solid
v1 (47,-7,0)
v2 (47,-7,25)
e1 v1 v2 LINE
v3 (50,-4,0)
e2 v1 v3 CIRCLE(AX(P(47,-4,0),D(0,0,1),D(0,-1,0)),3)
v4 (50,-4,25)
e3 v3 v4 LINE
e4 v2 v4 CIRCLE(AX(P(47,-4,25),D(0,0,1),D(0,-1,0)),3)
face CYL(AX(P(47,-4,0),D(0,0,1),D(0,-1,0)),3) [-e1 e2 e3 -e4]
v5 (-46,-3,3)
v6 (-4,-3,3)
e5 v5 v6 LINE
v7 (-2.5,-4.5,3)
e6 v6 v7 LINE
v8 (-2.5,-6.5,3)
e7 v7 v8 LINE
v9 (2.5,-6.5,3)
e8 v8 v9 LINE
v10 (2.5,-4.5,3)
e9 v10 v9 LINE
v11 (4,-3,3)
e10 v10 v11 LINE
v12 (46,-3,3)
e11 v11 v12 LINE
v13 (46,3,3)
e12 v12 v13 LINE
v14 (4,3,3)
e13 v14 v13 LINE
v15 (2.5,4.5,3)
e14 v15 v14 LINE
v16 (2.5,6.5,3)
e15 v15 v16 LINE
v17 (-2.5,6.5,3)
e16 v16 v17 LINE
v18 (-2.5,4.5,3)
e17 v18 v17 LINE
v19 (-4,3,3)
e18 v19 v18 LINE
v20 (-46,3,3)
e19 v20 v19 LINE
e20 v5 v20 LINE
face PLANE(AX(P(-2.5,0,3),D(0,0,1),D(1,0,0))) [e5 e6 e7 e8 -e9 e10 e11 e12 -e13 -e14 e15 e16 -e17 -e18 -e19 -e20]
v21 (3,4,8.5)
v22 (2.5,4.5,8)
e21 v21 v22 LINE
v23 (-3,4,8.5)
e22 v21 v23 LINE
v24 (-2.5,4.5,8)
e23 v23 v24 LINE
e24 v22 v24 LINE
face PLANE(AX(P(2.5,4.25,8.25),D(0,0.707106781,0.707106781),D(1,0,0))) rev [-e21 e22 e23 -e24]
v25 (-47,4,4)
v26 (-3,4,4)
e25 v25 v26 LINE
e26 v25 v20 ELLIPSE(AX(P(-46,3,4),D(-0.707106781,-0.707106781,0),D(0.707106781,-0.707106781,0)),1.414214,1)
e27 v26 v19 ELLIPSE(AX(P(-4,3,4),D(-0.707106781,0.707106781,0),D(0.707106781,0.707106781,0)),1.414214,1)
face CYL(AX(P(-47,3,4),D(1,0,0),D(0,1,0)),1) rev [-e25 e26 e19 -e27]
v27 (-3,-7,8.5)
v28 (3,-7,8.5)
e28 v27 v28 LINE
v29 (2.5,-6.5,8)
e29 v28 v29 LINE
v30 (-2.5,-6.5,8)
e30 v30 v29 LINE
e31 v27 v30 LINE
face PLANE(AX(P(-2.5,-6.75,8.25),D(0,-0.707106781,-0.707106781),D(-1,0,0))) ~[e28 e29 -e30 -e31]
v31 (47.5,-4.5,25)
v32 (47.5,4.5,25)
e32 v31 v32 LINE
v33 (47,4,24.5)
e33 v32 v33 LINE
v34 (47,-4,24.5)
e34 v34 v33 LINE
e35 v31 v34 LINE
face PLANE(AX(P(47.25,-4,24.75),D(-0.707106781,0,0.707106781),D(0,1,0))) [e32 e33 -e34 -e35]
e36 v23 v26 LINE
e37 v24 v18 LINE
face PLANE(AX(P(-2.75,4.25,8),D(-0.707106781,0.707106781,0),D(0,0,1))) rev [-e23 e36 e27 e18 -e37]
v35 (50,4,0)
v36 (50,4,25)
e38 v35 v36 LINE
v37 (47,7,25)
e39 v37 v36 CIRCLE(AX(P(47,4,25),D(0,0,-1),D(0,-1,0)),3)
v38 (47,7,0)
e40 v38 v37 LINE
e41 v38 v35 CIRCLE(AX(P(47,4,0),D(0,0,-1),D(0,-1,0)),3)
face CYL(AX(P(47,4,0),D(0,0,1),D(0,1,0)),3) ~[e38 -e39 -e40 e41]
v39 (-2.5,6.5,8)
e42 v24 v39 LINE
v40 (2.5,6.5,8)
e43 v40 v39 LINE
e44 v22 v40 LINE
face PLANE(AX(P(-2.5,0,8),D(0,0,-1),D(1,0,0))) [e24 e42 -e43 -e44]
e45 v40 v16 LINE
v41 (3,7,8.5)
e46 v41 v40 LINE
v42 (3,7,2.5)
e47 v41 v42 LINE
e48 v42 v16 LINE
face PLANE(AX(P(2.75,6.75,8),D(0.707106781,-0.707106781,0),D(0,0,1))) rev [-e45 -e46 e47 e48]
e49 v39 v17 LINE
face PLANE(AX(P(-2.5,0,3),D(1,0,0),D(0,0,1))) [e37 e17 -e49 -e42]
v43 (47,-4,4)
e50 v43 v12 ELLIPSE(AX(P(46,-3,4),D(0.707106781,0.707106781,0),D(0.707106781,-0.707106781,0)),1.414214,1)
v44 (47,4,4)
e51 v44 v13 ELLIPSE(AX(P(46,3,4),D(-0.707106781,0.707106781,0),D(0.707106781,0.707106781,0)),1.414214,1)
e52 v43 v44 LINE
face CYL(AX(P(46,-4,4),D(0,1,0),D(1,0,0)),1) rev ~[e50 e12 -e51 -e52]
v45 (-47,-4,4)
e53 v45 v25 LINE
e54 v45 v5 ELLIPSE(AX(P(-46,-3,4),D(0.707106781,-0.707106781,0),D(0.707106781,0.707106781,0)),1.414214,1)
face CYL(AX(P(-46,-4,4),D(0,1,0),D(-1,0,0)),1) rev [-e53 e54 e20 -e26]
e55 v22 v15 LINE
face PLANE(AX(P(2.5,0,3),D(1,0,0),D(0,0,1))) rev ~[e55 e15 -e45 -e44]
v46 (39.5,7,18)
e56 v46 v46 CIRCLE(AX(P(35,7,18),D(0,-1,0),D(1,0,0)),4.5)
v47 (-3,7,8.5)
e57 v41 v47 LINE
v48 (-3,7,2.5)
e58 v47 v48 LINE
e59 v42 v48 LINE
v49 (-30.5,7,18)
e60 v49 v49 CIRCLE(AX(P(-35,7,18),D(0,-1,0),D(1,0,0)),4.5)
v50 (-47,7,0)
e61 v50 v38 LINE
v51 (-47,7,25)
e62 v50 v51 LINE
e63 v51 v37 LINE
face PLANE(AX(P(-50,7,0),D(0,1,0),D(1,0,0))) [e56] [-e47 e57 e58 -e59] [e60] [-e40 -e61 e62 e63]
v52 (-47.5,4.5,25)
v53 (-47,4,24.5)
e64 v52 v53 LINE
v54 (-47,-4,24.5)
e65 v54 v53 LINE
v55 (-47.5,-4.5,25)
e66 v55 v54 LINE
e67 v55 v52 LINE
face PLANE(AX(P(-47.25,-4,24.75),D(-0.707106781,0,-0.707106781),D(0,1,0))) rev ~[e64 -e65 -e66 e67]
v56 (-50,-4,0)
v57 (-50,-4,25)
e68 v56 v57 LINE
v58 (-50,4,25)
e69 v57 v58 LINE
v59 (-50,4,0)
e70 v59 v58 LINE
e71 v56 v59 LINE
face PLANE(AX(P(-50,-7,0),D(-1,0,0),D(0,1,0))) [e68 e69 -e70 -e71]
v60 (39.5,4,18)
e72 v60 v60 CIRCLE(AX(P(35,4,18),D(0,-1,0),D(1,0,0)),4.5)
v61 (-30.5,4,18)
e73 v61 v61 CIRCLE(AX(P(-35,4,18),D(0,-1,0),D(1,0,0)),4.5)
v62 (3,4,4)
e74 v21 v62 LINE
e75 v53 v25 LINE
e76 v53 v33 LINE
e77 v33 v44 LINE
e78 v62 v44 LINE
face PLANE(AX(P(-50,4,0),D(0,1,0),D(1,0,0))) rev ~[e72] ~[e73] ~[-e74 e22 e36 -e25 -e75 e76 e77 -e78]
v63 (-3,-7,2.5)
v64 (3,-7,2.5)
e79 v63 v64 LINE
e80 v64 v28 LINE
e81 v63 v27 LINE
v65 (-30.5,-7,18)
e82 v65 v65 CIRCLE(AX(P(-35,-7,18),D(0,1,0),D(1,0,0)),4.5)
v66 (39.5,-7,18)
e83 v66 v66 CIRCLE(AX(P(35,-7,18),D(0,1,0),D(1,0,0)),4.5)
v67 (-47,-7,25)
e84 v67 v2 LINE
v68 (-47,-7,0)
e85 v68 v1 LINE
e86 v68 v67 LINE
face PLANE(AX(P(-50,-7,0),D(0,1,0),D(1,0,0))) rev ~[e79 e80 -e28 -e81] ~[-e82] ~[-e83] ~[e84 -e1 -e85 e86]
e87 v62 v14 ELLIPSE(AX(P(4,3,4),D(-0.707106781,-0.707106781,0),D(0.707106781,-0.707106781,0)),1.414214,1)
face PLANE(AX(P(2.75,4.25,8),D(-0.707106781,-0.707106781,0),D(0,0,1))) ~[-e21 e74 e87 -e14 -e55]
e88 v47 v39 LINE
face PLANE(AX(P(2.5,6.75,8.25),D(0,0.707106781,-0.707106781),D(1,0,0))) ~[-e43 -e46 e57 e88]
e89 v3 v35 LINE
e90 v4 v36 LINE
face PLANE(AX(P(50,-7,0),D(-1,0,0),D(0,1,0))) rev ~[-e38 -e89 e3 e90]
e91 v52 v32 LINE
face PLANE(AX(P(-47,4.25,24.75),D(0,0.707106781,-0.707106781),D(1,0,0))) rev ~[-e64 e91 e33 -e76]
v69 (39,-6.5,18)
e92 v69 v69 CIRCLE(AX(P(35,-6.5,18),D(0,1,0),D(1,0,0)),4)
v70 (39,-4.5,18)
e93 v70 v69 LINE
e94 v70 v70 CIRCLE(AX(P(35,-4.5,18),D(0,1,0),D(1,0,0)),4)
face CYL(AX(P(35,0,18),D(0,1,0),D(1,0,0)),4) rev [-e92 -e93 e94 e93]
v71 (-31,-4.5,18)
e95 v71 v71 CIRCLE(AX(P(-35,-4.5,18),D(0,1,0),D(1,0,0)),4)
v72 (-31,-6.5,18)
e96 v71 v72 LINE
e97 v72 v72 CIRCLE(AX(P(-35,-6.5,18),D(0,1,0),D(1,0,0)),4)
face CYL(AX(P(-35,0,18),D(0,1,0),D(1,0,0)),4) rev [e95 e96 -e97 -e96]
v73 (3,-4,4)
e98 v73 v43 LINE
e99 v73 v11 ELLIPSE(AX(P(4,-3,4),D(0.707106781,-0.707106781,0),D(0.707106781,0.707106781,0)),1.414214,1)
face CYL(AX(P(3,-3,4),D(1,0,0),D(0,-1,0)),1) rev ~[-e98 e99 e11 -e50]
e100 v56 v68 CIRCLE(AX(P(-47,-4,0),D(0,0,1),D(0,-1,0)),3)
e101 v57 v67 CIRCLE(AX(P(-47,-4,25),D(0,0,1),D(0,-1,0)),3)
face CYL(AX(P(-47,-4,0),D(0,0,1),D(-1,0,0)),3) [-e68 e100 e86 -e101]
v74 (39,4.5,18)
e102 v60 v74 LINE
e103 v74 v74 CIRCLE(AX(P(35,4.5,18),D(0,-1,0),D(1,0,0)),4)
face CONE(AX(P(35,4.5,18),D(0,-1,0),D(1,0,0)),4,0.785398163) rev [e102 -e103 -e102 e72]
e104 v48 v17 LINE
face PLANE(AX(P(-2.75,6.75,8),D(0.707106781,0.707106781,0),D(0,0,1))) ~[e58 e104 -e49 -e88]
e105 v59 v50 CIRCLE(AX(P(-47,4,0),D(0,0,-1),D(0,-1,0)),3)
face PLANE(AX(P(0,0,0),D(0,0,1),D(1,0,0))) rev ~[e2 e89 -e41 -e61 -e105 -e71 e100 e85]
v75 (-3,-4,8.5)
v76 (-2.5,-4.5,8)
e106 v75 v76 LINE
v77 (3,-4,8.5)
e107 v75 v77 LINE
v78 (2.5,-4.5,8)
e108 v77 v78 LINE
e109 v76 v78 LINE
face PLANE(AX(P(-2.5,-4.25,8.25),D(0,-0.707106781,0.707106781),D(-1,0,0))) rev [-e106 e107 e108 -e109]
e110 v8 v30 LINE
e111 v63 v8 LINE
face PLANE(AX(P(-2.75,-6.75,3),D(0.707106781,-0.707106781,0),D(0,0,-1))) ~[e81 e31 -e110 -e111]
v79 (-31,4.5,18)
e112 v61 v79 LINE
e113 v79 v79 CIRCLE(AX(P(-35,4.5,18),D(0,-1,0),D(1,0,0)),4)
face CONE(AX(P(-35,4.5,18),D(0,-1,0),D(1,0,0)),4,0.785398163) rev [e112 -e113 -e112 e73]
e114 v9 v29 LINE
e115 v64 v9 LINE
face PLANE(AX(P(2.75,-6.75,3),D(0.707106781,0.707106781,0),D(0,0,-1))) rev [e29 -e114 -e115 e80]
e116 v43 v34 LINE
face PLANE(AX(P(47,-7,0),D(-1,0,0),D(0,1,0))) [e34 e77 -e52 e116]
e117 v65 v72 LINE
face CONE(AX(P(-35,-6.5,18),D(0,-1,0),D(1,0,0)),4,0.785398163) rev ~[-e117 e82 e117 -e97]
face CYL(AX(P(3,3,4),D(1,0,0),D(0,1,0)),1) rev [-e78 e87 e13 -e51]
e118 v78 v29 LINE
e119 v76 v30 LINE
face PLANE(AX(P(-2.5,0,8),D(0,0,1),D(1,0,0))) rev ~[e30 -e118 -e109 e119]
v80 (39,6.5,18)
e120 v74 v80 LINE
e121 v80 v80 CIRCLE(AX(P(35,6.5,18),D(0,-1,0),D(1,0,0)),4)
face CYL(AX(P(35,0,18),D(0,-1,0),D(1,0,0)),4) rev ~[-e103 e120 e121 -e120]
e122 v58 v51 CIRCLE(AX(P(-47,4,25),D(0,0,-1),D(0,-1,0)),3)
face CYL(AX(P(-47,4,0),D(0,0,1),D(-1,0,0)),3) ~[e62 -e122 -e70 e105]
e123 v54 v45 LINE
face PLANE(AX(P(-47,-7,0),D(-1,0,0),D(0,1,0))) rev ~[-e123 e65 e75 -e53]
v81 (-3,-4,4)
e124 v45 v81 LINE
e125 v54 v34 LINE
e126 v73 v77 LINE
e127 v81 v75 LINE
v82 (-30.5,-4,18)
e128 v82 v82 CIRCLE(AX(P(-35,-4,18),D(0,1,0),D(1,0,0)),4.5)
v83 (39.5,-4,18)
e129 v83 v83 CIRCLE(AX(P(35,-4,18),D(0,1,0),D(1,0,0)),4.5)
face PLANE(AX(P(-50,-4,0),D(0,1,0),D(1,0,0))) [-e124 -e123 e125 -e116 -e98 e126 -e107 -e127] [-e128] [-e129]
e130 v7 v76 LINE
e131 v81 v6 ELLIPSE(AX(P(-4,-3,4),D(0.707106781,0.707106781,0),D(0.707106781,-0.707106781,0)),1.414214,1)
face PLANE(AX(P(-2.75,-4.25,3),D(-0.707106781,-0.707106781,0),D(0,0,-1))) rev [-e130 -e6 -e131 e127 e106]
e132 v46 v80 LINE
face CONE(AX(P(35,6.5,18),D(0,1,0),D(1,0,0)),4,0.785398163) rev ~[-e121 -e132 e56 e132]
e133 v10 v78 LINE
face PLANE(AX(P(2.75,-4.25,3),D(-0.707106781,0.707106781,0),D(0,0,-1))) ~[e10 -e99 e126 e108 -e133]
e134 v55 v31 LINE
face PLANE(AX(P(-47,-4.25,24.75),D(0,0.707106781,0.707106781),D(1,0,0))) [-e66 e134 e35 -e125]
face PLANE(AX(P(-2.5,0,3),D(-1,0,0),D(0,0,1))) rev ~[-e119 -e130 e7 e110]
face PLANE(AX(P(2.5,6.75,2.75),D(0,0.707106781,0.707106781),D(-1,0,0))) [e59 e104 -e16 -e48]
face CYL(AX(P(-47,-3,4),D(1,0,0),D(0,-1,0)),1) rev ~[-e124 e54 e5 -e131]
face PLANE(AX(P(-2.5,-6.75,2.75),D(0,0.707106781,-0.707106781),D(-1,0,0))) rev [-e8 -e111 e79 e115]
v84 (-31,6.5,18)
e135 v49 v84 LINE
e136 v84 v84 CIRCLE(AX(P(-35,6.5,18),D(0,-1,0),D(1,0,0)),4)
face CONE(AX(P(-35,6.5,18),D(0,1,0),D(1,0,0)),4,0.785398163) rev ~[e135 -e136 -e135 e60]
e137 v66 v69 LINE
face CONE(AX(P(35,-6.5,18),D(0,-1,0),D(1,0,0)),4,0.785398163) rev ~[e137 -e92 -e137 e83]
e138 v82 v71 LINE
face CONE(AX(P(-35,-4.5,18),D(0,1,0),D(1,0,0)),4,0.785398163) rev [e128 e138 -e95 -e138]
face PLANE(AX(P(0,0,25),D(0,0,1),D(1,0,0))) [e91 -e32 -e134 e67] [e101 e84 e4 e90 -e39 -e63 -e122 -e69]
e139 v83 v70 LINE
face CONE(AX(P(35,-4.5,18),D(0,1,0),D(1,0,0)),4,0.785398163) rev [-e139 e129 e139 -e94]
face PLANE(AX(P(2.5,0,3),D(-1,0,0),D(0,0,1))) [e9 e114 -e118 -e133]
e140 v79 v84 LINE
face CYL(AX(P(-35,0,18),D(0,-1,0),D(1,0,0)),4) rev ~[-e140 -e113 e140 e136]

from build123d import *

# Parameters (mm, degrees)
F0_W          = 100
F0_H          = 14
F1_DEPTH      = 25
F2_T          = -3
F3_R          = 4
F3_W          = 5
F3_H          = 5
F4_DEPTH      = 7.001
F4_DEPTH_BACK = 7.001
F5_R          = 3
F6_SIZE       = 0.5
F7_R          = 1


with BuildPart() as f1:
    # F0 (on Top) → F1 (new body)
    with BuildSketch(Plane.XY):
        Rectangle(F0_W, F0_H)
    extrude(amount=F1_DEPTH)

    # F2
    f2_openings = [f1.faces().sort_by_distance(p)[0] for p in [
        (0, 0, 25),
    ]]
    offset(amount=F2_T, openings=f2_openings)

    # F3 (on Front) → F4 (cut, two sides)
    with BuildSketch(Plane.XZ) as f4_sk:
        with Locations((-35, 18)):
            Circle(F3_R)
        with Locations((35, 18)):
            Circle(F3_R)
        with Locations((0, 5.5)):
            Rectangle(F3_W, F3_H)
    extrude(amount=-F4_DEPTH, mode=Mode.SUBTRACT)
    extrude(f4_sk.sketch, amount=F4_DEPTH_BACK, mode=Mode.SUBTRACT)

    # F5
    f5_edges = [f1.edges().sort_by_distance(p)[0] for p in [
        (-50, -7, 12.5),
        (50, -7, 12.5),
        (50, 7, 12.5),
        (-50, 7, 12.5),
    ]]
    fillet(f5_edges, radius=F5_R)

    # F6
    f6_edges = [f1.edges().sort_by_distance(p)[0] for p in [
        (0, 4, 25),
        (0, -4, 25),
        (-47, 0, 25),
        (47, 0, 25),
        (31, 7, 18),
        (39, 5.5, 18),
        (31, 4, 18),
        (31, -4, 18),
        (39, -5.5, 18),
        (31, -7, 18),
        (-39, 7, 18),
        (-31, 5.5, 18),
        (-39, 4, 18),
        (-39, -4, 18),
        (-31, -5.5, 18),
        (-39, -7, 18),
        (-2.5, -4, 5.5),
        (0, -4, 8),
        (2.5, -4, 5.5),
        (-2.5, 4, 5.5),
        (0, 4, 8),
        (2.5, 4, 5.5),
        (-2.5, -7, 5.5),
        (0, -7, 8),
        (2.5, -7, 5.5),
        (0, -7, 3),
        (2.5, 7, 5.5),
        (0, 7, 8),
        (-2.5, 7, 5.5),
        (0, 7, 3),
    ]]
    chamfer(f6_edges, length=F6_SIZE)

    # F7
    f7_edges = [f1.edges().sort_by_distance(p)[0] for p in [
        (-25, 4, 3),
        (-47, 0, 3),
        (-25, -4, 3),
        (25, -4, 3),
        (47, 0, 3),
        (25, 4, 3),
    ]]
    fillet(f7_edges, radius=F7_R)


solid = f1.part
